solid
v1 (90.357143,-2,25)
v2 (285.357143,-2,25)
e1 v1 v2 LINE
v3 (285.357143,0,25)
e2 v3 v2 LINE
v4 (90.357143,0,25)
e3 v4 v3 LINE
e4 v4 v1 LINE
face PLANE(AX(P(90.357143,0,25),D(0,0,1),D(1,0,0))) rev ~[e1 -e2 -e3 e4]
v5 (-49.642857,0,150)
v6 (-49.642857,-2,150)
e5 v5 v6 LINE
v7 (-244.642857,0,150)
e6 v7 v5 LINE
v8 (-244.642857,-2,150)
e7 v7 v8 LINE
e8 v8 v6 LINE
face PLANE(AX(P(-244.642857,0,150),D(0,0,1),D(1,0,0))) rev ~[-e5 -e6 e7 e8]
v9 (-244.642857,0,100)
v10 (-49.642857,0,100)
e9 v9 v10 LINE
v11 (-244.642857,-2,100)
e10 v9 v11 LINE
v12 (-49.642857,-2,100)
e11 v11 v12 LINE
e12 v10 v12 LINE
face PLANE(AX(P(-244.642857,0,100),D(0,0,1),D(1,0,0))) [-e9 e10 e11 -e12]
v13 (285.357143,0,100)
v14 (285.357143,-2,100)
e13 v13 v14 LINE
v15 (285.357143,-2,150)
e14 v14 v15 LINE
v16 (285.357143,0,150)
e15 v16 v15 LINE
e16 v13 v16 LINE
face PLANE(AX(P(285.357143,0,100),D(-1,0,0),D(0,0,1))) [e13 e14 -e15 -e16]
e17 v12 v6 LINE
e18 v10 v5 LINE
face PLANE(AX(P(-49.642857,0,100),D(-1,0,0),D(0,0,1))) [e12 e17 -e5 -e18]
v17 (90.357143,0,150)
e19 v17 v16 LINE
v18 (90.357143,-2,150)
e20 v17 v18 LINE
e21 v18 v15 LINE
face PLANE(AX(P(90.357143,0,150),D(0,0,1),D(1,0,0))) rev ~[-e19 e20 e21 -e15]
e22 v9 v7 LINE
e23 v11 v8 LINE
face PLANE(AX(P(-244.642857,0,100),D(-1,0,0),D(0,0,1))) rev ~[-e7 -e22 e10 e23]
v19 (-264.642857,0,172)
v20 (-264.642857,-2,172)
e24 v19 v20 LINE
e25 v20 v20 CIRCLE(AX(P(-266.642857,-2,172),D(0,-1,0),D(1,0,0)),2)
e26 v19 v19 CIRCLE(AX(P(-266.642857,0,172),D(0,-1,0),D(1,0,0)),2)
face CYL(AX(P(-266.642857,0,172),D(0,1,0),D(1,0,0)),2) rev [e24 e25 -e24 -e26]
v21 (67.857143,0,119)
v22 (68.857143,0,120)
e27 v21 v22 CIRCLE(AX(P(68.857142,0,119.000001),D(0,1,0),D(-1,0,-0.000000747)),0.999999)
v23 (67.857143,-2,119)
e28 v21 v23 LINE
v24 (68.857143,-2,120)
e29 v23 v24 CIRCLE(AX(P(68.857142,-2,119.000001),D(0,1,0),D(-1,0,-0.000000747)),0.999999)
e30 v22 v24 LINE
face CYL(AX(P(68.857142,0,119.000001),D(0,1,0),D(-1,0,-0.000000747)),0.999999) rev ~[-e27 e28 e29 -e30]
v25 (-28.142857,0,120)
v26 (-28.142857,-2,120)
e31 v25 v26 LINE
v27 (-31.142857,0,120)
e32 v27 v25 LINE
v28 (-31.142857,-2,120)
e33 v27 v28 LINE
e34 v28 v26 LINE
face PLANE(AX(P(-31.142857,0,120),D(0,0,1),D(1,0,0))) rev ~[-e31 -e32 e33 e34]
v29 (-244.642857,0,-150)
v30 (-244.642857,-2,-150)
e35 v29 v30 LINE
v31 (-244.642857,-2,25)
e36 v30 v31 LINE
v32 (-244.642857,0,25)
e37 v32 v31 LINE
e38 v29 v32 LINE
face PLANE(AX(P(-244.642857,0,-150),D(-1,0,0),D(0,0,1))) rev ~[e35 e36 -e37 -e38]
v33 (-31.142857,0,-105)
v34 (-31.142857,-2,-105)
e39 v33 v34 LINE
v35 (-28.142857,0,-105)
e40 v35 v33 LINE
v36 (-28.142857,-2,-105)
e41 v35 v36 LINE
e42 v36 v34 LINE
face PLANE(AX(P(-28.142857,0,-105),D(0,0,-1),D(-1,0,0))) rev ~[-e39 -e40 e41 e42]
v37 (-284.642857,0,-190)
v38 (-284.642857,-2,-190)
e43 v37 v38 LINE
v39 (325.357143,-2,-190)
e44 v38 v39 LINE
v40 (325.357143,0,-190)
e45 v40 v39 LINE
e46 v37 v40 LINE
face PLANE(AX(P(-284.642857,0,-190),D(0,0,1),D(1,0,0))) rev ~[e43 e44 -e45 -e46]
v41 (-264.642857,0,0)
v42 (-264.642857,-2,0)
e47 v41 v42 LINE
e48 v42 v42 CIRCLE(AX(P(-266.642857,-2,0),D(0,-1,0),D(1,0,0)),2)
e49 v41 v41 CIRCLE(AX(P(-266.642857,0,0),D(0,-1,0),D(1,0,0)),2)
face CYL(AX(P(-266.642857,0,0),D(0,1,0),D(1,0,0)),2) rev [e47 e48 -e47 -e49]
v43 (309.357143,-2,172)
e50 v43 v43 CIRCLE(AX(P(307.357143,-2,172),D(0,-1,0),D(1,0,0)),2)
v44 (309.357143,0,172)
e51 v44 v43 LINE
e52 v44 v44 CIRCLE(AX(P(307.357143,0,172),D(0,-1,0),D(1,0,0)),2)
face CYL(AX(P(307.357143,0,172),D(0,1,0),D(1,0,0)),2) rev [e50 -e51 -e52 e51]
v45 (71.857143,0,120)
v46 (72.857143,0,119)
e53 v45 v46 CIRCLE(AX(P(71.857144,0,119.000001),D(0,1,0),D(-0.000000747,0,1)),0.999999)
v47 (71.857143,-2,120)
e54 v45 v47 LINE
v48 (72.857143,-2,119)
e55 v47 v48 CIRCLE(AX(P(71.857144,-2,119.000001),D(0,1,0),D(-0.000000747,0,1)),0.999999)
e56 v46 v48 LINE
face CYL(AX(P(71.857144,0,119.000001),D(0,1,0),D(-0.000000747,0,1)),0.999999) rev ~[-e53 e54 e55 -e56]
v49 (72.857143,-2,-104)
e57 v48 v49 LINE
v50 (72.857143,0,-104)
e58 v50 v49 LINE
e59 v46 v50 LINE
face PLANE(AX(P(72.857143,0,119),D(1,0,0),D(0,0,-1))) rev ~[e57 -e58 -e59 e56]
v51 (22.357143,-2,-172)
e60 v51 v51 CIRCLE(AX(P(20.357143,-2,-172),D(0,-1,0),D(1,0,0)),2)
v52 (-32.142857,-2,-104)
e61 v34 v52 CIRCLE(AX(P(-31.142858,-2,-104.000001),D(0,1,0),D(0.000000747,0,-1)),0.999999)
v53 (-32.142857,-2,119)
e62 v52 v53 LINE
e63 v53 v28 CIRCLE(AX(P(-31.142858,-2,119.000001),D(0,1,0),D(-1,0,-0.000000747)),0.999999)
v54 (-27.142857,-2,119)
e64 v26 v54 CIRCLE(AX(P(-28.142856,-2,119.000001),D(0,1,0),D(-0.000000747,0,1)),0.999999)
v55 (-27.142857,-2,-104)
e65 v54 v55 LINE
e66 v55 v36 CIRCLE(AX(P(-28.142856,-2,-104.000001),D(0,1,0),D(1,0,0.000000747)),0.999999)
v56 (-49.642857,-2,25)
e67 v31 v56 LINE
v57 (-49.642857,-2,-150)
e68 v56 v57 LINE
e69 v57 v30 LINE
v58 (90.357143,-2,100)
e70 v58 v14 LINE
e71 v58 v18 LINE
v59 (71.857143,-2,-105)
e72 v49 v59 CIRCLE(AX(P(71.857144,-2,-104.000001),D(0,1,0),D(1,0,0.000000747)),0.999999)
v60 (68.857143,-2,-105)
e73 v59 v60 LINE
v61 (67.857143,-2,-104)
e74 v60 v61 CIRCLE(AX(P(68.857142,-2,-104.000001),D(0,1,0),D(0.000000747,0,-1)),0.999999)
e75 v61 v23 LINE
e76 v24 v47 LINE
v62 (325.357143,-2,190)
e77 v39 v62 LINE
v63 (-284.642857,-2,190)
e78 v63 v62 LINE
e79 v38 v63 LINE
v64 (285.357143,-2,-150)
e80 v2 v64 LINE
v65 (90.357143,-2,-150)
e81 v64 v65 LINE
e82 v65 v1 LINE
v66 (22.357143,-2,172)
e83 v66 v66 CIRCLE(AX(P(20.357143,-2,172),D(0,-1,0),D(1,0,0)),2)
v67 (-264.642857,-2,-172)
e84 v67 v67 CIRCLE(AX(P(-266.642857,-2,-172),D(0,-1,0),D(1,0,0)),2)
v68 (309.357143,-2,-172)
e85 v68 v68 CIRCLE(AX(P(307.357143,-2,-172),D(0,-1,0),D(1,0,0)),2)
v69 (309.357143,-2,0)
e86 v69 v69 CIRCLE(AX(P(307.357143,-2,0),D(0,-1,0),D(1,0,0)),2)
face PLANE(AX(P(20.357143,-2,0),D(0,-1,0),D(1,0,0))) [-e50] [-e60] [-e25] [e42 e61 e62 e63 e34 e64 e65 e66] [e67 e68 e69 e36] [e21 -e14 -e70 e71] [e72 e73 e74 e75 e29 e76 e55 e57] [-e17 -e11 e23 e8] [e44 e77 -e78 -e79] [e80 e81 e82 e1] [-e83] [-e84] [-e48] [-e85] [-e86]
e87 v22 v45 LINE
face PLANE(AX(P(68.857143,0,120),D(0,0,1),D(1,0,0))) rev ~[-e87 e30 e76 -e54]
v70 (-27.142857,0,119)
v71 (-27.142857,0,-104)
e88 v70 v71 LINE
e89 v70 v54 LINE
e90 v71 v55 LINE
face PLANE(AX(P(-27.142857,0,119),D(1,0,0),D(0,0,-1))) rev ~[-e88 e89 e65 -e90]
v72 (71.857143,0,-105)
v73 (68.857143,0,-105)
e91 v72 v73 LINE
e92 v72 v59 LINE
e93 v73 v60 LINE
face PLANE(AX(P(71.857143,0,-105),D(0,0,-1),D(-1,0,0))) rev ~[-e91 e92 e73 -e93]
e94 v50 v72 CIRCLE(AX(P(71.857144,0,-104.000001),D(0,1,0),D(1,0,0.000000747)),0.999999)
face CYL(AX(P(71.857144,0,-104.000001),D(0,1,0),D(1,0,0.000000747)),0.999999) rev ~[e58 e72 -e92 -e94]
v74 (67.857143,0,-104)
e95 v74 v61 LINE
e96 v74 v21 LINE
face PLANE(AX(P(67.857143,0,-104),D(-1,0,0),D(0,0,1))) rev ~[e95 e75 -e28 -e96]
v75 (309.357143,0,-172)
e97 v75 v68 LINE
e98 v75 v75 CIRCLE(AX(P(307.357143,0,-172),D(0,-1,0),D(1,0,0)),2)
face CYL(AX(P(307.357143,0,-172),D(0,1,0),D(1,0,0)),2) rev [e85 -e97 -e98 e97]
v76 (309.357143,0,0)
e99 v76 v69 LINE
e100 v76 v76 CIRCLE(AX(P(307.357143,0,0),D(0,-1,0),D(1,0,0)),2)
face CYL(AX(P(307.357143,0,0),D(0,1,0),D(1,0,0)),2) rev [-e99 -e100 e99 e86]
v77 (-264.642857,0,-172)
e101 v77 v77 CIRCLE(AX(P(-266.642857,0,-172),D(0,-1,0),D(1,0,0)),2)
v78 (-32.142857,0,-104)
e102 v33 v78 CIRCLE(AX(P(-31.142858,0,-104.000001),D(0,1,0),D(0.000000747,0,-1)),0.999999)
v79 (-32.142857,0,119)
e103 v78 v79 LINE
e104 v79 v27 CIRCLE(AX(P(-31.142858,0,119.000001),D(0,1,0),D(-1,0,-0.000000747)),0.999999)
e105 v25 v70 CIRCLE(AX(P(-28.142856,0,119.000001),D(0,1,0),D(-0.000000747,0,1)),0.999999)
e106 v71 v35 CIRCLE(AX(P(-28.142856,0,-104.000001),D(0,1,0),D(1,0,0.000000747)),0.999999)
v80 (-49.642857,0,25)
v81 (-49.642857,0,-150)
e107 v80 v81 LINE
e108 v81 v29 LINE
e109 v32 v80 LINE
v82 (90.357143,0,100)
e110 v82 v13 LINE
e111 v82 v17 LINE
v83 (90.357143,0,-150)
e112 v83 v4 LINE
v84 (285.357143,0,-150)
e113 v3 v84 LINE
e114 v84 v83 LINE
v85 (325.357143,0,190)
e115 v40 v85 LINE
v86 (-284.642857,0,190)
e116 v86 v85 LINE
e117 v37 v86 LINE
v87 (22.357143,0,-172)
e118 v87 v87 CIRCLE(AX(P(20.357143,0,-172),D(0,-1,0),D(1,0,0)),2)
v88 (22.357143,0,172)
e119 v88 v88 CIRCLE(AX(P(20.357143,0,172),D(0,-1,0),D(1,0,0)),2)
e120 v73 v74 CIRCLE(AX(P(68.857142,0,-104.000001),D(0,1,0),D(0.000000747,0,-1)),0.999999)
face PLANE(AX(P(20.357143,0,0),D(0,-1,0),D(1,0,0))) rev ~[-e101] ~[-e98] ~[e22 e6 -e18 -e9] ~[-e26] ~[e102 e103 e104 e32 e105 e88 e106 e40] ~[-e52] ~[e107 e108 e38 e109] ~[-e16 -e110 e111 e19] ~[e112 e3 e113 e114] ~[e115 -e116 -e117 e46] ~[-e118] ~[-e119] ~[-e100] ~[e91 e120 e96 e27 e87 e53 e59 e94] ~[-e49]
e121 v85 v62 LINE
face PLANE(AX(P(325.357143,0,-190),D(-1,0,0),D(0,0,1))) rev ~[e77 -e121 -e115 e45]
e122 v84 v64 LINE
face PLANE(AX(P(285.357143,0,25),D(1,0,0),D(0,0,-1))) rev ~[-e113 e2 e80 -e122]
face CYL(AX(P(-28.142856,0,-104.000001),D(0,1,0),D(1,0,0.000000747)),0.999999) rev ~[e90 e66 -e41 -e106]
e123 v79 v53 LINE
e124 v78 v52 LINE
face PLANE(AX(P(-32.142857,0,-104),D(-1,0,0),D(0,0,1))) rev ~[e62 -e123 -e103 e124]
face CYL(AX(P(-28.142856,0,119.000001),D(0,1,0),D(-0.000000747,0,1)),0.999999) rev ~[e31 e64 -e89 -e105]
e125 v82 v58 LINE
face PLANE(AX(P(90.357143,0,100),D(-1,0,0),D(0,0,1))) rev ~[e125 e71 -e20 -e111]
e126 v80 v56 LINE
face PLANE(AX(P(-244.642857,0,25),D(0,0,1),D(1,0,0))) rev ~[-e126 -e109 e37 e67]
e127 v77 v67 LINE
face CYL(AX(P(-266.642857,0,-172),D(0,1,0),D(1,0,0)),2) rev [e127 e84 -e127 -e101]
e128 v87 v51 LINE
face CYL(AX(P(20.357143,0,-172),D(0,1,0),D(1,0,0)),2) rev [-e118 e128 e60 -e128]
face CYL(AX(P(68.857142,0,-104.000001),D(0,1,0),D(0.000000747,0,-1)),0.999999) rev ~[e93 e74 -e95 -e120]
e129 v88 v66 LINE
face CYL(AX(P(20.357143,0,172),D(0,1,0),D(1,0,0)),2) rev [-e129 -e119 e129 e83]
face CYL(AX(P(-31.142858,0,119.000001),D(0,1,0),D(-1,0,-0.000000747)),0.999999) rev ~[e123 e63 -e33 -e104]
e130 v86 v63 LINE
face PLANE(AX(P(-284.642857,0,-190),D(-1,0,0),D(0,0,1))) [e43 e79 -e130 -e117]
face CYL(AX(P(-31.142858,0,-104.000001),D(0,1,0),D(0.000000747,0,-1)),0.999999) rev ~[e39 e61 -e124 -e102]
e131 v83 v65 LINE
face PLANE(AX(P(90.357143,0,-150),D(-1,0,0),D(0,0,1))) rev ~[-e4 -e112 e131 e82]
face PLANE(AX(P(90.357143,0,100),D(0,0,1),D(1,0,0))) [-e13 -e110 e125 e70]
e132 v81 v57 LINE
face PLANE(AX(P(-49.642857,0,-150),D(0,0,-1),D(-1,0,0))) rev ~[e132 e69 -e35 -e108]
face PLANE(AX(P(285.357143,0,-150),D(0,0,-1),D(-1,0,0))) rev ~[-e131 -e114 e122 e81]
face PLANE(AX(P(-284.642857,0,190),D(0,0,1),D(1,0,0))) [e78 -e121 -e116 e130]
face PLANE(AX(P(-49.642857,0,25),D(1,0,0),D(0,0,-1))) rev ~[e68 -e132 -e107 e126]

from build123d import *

# Parameters (mm, degrees)
F0_W     = 610
F0_H     = 380
F0_R     = 2
F0_W_2   = 195
F0_H_2   = 50
F1_DEPTH = 2


with BuildPart() as f1:
    # F0 (on Front) → F1 (new body)
    with BuildSketch(Plane.XZ):
        with Locations((20.357143, 0)):
            Rectangle(F0_W, F0_H)
        with Locations((-266.642857, -172)):
            Circle(F0_R, mode=Mode.SUBTRACT)
        Polygon((-49.642857, -150), (-244.642857, -150), (-244.642857, -40), (-244.642857, 25), (-49.642857, 25), (-49.642857, -40), align=None, mode=Mode.SUBTRACT)
        with Locations((20.357143, -172)):
            Circle(F0_R, mode=Mode.SUBTRACT)
        with Locations((307.357143, -172)):
            Circle(F0_R, mode=Mode.SUBTRACT)
        Polygon((90.357143, -150), (90.357143, -40), (90.357143, 25), (285.357143, 25), (285.357143, -40), (285.357143, -150), align=None, mode=Mode.SUBTRACT)
        with Locations((-266.642857, 0)):
            Circle(F0_R, mode=Mode.SUBTRACT)
        with BuildLine():
            ThreePointArc((-32.142857, 119), (-31.849964, 119.707107), (-31.142857, 120))
            Line((-31.142857, 120), (-28.142857, 120))
            ThreePointArc((-28.142857, 120), (-27.43575, 119.707107), (-27.142857, 119))
            Line((-27.142857, 119), (-27.142857, -104))
            ThreePointArc((-27.142857, -104), (-27.43575, -104.707107), (-28.142857, -105))
            Line((-28.142857, -105), (-31.142857, -105))
            ThreePointArc((-31.142857, -105), (-31.849964, -104.707107), (-32.142857, -104))
            Line((-32.142857, -104), (-32.142857, 119))
        make_face(mode=Mode.SUBTRACT)
        with Locations((-147.142857, 125)):
            Rectangle(F0_W_2, F0_H_2, mode=Mode.SUBTRACT)
        with Locations((-266.642857, 172)):
            Circle(F0_R, mode=Mode.SUBTRACT)
        with BuildLine():
            ThreePointArc((67.857143, 119), (68.150036, 119.707107), (68.857143, 120))
            Line((68.857143, 120), (71.857143, 120))
            ThreePointArc((71.857143, 120), (72.56425, 119.707107), (72.857143, 119))
            Line((72.857143, 119), (72.857143, -104))
            ThreePointArc((72.857143, -104), (72.56425, -104.707107), (71.857143, -105))
            Line((71.857143, -105), (68.857143, -105))
            ThreePointArc((68.857143, -105), (68.150036, -104.707107), (67.857143, -104))
            Line((67.857143, -104), (67.857143, 119))
        make_face(mode=Mode.SUBTRACT)
        with Locations((307.357143, 0)):
            Circle(F0_R, mode=Mode.SUBTRACT)
        with Locations((20.357143, 172)):
            Circle(F0_R, mode=Mode.SUBTRACT)
        with Locations((187.857143, 125)):
            Rectangle(F0_W_2, F0_H_2, mode=Mode.SUBTRACT)
        with Locations((307.357143, 172)):
            Circle(F0_R, mode=Mode.SUBTRACT)
    extrude(amount=F1_DEPTH)


solid = f1.part
